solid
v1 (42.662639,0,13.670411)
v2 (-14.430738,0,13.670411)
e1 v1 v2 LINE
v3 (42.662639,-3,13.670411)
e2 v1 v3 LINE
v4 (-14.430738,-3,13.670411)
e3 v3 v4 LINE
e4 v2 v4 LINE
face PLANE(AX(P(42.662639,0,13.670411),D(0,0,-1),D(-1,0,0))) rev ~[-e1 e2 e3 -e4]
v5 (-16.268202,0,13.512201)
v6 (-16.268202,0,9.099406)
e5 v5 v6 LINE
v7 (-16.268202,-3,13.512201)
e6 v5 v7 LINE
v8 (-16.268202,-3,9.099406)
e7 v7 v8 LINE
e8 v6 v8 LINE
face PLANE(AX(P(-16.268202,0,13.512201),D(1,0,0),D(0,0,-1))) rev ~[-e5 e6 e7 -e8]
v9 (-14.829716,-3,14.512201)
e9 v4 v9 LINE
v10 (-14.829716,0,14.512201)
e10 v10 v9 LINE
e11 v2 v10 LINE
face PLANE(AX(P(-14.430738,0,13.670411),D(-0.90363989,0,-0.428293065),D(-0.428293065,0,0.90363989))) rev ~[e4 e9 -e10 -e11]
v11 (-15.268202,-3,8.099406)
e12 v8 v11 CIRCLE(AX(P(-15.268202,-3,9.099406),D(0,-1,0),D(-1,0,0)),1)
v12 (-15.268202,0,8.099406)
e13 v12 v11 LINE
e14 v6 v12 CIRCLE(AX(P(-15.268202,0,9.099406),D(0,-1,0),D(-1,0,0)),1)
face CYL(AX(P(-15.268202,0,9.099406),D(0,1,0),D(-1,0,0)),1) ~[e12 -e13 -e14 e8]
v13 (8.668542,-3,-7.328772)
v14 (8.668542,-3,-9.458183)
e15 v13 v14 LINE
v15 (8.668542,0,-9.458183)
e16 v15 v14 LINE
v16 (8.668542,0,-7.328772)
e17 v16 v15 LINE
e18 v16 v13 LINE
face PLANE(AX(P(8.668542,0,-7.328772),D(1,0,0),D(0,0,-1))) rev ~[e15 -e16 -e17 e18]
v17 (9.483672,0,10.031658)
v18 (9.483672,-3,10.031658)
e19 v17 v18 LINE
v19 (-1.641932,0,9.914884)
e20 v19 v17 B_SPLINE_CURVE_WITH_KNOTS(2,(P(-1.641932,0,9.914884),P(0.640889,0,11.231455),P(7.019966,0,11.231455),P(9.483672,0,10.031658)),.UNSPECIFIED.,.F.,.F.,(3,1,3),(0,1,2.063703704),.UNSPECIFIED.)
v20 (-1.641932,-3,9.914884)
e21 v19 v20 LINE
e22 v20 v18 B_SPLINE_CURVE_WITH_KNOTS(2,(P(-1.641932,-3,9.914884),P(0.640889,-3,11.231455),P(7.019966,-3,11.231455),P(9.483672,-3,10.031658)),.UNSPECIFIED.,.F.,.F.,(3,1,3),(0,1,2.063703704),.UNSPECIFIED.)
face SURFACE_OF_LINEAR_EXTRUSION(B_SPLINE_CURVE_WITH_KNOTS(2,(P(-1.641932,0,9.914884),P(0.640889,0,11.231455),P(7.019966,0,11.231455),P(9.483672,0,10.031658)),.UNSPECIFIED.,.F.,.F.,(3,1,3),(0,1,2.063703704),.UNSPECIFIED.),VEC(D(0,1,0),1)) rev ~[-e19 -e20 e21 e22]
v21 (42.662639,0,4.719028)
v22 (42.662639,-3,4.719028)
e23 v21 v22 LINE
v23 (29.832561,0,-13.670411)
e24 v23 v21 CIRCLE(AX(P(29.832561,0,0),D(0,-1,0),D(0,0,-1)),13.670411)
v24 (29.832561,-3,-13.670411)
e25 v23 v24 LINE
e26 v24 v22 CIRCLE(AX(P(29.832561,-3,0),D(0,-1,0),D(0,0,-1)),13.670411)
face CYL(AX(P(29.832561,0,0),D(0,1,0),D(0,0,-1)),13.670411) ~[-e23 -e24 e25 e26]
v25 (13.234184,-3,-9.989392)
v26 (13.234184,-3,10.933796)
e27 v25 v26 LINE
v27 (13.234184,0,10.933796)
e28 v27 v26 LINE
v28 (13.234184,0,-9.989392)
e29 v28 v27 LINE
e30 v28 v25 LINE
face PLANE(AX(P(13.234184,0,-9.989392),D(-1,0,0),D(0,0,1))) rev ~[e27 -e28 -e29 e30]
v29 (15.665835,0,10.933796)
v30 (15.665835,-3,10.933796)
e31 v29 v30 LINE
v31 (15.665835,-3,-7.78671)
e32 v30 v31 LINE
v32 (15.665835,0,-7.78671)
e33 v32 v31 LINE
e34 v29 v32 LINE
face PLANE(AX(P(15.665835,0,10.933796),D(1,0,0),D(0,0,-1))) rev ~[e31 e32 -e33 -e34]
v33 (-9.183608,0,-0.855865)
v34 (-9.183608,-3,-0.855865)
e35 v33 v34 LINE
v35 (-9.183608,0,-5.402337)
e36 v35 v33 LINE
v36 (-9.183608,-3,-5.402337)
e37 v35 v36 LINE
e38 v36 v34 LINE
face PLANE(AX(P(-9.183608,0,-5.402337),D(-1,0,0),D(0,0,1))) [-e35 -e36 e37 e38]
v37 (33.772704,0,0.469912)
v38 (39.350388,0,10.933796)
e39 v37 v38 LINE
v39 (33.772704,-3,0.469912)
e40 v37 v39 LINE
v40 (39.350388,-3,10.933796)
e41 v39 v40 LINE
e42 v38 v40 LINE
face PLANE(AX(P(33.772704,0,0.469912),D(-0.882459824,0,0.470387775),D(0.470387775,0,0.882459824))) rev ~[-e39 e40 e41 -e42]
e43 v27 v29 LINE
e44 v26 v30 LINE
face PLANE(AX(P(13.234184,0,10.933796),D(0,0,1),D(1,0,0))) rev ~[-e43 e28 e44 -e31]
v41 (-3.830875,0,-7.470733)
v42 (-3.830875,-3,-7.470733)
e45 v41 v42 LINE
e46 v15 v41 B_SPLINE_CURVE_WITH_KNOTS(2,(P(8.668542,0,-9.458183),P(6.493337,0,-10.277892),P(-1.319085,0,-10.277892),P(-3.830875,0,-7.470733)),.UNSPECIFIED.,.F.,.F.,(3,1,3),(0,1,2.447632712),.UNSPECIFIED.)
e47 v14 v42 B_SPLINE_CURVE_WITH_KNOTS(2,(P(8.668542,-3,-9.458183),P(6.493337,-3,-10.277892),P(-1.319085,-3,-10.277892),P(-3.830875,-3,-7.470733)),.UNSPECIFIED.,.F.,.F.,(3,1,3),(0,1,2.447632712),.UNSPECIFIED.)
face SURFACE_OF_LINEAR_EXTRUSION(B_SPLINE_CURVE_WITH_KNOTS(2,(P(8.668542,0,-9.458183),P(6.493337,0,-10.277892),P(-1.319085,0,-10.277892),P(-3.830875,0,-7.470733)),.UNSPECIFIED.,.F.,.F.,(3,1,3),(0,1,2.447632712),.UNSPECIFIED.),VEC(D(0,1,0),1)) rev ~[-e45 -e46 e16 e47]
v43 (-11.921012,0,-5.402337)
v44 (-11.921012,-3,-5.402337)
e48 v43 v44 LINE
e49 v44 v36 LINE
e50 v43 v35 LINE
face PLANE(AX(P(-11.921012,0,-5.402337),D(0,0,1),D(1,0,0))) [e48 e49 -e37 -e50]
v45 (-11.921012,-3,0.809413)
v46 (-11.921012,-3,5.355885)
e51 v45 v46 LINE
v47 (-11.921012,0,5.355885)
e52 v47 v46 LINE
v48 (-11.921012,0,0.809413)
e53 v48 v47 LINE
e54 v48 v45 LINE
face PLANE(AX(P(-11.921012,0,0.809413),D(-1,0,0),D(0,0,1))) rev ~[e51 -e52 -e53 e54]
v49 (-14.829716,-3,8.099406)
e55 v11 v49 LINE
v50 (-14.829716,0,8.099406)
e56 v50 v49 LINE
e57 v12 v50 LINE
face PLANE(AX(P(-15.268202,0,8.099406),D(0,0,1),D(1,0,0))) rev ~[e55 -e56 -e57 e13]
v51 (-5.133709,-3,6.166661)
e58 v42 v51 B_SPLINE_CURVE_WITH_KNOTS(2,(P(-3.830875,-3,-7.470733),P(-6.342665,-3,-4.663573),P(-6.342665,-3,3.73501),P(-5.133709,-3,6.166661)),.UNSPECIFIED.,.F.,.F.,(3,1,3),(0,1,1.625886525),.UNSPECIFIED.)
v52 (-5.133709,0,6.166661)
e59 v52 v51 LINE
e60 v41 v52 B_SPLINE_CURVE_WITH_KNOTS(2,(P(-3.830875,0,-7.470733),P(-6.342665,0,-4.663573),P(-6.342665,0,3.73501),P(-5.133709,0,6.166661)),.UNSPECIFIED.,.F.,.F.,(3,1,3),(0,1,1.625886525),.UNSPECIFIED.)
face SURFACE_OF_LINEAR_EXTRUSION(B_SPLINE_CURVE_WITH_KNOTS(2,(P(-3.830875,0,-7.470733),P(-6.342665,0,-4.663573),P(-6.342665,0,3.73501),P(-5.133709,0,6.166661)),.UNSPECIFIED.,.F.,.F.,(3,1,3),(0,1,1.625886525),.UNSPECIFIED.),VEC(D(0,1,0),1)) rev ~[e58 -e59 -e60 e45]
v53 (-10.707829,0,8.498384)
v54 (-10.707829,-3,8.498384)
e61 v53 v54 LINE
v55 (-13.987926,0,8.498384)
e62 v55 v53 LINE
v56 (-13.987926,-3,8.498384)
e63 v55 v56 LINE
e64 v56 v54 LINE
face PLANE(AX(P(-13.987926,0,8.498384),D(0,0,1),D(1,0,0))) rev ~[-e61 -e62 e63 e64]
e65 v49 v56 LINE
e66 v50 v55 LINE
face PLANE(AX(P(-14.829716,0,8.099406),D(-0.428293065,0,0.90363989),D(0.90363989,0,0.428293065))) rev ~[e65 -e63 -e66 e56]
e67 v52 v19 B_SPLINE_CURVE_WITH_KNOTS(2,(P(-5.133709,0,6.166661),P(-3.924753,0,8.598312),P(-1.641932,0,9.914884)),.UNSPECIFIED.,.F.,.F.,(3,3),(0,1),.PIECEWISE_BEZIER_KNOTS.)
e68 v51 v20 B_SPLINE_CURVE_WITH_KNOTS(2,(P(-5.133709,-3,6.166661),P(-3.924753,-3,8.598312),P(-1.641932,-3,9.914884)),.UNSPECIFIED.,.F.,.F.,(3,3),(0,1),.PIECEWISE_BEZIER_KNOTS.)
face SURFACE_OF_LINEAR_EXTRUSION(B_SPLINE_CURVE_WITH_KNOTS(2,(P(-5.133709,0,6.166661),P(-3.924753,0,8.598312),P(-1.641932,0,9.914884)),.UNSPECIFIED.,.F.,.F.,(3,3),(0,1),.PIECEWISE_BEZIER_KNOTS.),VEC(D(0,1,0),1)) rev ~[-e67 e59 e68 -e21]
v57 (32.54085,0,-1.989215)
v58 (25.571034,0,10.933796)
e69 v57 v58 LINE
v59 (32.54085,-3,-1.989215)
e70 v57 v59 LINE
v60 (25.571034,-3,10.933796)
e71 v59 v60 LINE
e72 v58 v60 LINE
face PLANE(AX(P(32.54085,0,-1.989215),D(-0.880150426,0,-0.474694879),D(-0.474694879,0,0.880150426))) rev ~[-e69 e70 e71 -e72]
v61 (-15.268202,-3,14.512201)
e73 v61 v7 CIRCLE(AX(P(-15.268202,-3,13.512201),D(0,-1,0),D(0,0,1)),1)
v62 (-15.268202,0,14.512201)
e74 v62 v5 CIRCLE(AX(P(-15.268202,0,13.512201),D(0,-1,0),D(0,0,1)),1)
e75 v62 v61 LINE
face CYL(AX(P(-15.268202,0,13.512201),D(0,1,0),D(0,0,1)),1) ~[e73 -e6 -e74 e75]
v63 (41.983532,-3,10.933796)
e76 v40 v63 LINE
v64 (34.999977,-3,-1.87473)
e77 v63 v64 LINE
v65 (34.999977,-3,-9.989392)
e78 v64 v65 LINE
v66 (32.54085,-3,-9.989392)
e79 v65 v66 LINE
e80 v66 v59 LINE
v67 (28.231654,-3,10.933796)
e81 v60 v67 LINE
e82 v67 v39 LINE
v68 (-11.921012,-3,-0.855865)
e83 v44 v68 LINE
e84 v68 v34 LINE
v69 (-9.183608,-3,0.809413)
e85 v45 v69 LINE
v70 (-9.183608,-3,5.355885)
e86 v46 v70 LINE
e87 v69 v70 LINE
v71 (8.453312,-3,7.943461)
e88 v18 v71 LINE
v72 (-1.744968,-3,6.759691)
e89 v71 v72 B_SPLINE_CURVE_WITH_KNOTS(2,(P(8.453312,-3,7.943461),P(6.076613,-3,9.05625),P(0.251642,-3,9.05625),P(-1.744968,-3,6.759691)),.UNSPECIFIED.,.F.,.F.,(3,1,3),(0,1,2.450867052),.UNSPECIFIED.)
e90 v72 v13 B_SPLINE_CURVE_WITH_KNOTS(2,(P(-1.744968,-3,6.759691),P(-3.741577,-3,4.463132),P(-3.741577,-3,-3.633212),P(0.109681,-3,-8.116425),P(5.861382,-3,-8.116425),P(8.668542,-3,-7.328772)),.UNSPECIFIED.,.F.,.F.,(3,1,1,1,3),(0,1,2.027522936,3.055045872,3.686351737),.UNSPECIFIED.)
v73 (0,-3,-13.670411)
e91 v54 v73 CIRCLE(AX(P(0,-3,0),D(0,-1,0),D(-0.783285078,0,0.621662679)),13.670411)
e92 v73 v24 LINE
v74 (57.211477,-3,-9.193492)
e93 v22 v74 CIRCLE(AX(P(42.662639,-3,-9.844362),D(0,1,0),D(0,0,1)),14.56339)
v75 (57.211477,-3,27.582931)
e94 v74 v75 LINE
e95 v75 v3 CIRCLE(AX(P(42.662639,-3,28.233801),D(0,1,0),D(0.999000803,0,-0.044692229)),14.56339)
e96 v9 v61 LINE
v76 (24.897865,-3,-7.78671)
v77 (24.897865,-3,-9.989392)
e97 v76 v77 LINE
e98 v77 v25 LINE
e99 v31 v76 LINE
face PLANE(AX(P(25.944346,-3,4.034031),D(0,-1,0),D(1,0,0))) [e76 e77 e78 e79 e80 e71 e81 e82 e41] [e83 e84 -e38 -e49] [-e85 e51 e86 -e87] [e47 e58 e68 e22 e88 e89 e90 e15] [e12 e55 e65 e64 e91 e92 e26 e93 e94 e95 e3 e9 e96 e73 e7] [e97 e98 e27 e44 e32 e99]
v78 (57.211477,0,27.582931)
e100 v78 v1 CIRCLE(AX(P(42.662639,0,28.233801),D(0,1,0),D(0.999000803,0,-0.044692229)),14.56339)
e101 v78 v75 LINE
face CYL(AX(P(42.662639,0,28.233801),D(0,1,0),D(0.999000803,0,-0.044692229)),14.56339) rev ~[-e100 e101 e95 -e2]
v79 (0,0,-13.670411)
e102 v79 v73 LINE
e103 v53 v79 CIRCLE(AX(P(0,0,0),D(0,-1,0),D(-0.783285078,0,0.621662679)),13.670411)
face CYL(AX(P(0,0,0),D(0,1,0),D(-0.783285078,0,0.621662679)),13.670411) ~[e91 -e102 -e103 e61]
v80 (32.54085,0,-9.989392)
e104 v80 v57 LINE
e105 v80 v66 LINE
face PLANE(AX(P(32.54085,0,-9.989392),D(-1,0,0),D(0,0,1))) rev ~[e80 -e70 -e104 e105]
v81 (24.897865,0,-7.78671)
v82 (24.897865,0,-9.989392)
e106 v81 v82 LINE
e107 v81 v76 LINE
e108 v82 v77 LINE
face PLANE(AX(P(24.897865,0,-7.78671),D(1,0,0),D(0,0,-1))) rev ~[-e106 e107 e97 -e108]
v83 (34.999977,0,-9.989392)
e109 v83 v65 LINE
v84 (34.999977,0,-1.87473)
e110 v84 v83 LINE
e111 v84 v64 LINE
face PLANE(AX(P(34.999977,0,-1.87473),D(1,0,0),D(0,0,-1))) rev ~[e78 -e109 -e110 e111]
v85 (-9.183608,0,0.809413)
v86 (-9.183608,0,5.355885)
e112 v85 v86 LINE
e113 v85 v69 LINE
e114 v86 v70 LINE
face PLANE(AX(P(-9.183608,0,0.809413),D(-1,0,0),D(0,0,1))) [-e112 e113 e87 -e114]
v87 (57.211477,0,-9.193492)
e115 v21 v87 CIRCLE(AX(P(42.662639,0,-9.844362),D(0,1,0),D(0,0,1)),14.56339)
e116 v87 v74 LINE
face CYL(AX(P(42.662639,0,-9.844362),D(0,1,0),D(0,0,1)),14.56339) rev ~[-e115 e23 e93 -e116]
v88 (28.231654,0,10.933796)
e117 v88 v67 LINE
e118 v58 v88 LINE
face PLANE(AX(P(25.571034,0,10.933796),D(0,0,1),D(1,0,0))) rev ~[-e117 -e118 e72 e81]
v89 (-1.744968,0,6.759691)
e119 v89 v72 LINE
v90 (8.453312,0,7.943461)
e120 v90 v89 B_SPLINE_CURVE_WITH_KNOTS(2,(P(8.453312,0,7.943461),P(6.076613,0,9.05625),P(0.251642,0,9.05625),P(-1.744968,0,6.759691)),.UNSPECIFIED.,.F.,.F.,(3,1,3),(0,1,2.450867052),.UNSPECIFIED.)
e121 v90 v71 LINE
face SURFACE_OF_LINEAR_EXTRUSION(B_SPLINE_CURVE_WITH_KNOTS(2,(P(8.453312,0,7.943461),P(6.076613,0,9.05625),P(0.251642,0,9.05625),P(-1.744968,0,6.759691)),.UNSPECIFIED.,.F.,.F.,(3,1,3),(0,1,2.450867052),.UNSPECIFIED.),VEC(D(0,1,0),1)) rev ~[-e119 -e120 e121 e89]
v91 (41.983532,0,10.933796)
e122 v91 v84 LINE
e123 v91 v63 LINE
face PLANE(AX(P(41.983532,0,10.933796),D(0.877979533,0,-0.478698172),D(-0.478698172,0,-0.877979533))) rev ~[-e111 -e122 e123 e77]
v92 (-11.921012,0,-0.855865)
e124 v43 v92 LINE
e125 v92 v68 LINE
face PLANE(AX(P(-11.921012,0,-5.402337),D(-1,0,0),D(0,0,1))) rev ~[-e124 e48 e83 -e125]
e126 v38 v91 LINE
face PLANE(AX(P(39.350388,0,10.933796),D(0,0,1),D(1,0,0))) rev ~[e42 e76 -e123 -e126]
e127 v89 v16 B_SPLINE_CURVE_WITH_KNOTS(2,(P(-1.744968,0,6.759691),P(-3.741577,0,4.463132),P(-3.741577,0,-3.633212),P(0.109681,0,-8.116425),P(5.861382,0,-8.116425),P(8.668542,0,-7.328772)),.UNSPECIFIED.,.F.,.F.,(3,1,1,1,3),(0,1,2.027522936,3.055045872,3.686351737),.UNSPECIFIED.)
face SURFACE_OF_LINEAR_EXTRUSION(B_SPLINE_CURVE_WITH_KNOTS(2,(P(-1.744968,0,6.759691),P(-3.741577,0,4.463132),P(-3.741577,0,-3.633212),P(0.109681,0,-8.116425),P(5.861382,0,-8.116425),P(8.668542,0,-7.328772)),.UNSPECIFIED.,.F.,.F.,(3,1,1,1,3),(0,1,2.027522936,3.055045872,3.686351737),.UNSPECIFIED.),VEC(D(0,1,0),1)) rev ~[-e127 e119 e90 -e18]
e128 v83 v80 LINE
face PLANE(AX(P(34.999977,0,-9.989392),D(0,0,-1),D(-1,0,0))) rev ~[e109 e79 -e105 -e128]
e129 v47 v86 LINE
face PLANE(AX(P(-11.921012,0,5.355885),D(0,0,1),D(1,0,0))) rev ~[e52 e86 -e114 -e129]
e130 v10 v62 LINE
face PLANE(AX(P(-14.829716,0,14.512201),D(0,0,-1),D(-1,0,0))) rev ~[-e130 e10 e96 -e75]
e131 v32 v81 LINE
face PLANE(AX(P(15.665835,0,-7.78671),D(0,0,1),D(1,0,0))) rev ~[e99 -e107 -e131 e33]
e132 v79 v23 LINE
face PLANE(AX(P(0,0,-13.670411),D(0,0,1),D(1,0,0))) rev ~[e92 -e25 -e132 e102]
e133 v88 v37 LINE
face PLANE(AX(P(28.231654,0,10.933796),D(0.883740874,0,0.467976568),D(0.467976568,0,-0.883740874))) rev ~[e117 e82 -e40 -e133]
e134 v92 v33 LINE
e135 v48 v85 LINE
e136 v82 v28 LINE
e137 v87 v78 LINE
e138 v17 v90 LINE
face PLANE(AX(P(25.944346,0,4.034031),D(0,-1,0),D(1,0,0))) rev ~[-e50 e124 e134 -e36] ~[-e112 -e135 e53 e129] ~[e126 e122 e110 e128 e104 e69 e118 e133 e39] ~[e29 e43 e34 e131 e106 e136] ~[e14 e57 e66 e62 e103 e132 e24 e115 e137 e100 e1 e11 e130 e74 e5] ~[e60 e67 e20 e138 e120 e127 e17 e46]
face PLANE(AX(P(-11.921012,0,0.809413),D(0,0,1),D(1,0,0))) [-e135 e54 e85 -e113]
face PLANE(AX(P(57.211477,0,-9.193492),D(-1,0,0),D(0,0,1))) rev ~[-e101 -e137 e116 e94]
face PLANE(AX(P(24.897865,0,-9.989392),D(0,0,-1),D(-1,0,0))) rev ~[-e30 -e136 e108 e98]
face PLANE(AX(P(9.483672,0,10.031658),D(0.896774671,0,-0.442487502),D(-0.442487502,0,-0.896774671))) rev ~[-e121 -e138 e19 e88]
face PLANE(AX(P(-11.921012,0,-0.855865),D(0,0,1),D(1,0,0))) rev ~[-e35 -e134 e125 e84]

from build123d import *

# Parameters (mm, degrees)
F0_W     = 2.7374038473
F0_H     = 4.5464726281
F1_DEPTH = 3


with BuildPart() as f1:
    # F0 (on Front) → F1 (new body)
    with BuildSketch(Plane.XZ):
        with BuildLine():
            Line((-13.9879264009, 8.4983842463), (-10.7078288449, 8.4983842463))
            ThreePointArc((-10.7078288449, 8.4983842463), (-12.3096819162, -5.9457433928), (0, -13.6704108706))
            Line((0, -13.6704108706), (29.832560569, -13.6704108706))
            ThreePointArc((29.832560569, -13.6704108706), (41.0439649972, -7.8220549805), (42.6626390029, 4.7190275219))
            ThreePointArc((42.6626390029, 4.7190275219), (52.7277631814, 0.6811115523), (57.2114773095, -9.193492122))
            Line((57.2114773095, -9.193492122), (57.2114773095, 27.5829305145))
            ThreePointArc((57.2114773095, 27.5829305145), (52.7277631814, 17.7083268402), (42.6626390029, 13.6704108706))
            Line((42.6626390029, 13.6704108706), (29.832560569, 13.6704108706))
            Line((29.832560569, 13.6704108706), (0, 13.6704108706))
            Line((0, 13.6704108706), (-14.4307379611, 13.6704108706))
            Line((-14.4307379611, 13.6704108706), (-14.8297163701, 14.5122008398))
            Line((-14.8297163701, 14.5122008398), (-15.268201828, 14.5122008398))
            ThreePointArc((-15.268201828, 14.5122008398), (-15.9753086092, 14.219307621), (-16.268201828, 13.5122008398))
            Line((-16.268201828, 13.5122008398), (-16.268201828, 9.0994058373))
            ThreePointArc((-16.268201828, 9.0994058373), (-15.9753086092, 8.3922990562), (-15.268201828, 8.0994058373))
            Line((-15.268201828, 8.0994058373), (-14.8297163701, 8.0994058373))
            Line((-14.8297163701, 8.0994058373), (-13.9879264009, 8.4983842463))
        make_face()
        with Locations((-10.5523099191, -3.12910098)):
            Rectangle(F0_W, F0_H, mode=Mode.SUBTRACT)
        with BuildLine():
            add(Edge.make_bspline(
                [(8.4533115607, 7.9434605246), (6.0766133419, 9.056249864), (3.699915123, 9.056249864)],
                knots=[0, 0, 0, 1, 1, 1], degree=2))
            add(Edge.make_bspline(
                [(3.699915123, 9.056249864), (0.2516419847, 9.056249864), (-1.7449676943, 6.7596907952)],
                knots=[0, 0, 0, 1, 1, 1], degree=2))
            add(Edge.make_bspline(
                [(-1.7449676943, 6.7596907952), (-3.7415773734, 4.4631317263), (-3.7415773734, 0.4699123682)],
                knots=[0, 0, 0, 1, 1, 1], degree=2))
            add(Edge.make_bspline(
                [(-3.7415773734, 0.4699123682), (-3.7415773734, -3.6332121098), (-1.8159480843, -5.8748186187)],
                knots=[0, 0, 0, 1, 1, 1], degree=2))
            add(Edge.make_bspline(
                [(-1.8159480843, -5.8748186187), (0.1096812048, -8.1164251276), (3.672438843, -8.1164251276)],
                knots=[0, 0, 0, 1, 1, 1], degree=2))
            add(Edge.make_bspline(
                [(3.672438843, -8.1164251276), (5.861382482, -8.1164251276), (8.6685424206, -7.328771768)],
                knots=[0, 0, 0, 1, 1, 1], degree=2))
            Line((8.6685424206, -7.328771768), (8.6685424206, -9.458183467))
            add(Edge.make_bspline(
                [(8.6685424206, -9.458183467), (6.4933369217, -10.2778924866), (3.3015090632, -10.2778924866)],
                knots=[0, 0, 0, 1, 1, 1], degree=2))
            add(Edge.make_bspline(
                [(3.3015090632, -10.2778924866), (-1.3190853545, -10.2778924866), (-3.8308752833, -7.4707325479)],
                knots=[0, 0, 0, 1, 1, 1], degree=2))
            add(Edge.make_bspline(
                [(-3.8308752833, -7.4707325479), (-6.3426652121, -4.6635726093), (-6.3426652121, 0.5019680282)],
                knots=[0, 0, 0, 1, 1, 1], degree=2))
            add(Edge.make_bspline(
                [(-6.3426652121, 0.5019680282), (-6.3426652121, 3.7350103066), (-5.1337088927, 6.1666610854)],
                knots=[0, 0, 0, 1, 1, 1], degree=2))
            add(Edge.make_bspline(
                [(-5.1337088927, 6.1666610854), (-3.9247525733, 8.5983118643), (-1.6419316444, 9.9148836136)],
                knots=[0, 0, 0, 1, 1, 1], degree=2))
            add(Edge.make_bspline(
                [(-1.6419316444, 9.9148836136), (0.6408892845, 11.231455363), (3.731970783, 11.231455363)],
                knots=[0, 0, 0, 1, 1, 1], degree=2))
            add(Edge.make_bspline(
                [(3.731970783, 11.231455363), (7.0199656214, 11.231455363), (9.4836720602, 10.0316578036)],
                knots=[0, 0, 0, 1, 1, 1], degree=2))
            Line((9.4836720602, 10.0316578036), (8.4533115607, 7.9434605246))
        make_face(mode=Mode.SUBTRACT)
        with Locations((-10.5523099191, 3.0826488801)):
            Rectangle(F0_W, F0_H, mode=Mode.SUBTRACT)
        Polygon((24.8978651327, -9.9893915467), (13.2341842784, -9.9893915467), (13.2341842784, 10.9337956631), (15.6658350572, 10.9337956631), (15.6658350572, -7.7867097678), (24.8978651327, -7.7867097678), align=None, mode=Mode.SUBTRACT)
        Polygon((28.2316537711, 10.9337956631), (33.7727035684, 0.4699123682), (39.3503884057, 10.9337956631), (41.9835319044, 10.9337956631), (34.9999774078, -1.8747301906), (34.9999774078, -9.9893915467), (32.540850349, -9.9893915467), (32.540850349, -1.9892146906), (25.5710339924, 10.9337956631), align=None, mode=Mode.SUBTRACT)
    extrude(amount=F1_DEPTH)


solid = f1.part
